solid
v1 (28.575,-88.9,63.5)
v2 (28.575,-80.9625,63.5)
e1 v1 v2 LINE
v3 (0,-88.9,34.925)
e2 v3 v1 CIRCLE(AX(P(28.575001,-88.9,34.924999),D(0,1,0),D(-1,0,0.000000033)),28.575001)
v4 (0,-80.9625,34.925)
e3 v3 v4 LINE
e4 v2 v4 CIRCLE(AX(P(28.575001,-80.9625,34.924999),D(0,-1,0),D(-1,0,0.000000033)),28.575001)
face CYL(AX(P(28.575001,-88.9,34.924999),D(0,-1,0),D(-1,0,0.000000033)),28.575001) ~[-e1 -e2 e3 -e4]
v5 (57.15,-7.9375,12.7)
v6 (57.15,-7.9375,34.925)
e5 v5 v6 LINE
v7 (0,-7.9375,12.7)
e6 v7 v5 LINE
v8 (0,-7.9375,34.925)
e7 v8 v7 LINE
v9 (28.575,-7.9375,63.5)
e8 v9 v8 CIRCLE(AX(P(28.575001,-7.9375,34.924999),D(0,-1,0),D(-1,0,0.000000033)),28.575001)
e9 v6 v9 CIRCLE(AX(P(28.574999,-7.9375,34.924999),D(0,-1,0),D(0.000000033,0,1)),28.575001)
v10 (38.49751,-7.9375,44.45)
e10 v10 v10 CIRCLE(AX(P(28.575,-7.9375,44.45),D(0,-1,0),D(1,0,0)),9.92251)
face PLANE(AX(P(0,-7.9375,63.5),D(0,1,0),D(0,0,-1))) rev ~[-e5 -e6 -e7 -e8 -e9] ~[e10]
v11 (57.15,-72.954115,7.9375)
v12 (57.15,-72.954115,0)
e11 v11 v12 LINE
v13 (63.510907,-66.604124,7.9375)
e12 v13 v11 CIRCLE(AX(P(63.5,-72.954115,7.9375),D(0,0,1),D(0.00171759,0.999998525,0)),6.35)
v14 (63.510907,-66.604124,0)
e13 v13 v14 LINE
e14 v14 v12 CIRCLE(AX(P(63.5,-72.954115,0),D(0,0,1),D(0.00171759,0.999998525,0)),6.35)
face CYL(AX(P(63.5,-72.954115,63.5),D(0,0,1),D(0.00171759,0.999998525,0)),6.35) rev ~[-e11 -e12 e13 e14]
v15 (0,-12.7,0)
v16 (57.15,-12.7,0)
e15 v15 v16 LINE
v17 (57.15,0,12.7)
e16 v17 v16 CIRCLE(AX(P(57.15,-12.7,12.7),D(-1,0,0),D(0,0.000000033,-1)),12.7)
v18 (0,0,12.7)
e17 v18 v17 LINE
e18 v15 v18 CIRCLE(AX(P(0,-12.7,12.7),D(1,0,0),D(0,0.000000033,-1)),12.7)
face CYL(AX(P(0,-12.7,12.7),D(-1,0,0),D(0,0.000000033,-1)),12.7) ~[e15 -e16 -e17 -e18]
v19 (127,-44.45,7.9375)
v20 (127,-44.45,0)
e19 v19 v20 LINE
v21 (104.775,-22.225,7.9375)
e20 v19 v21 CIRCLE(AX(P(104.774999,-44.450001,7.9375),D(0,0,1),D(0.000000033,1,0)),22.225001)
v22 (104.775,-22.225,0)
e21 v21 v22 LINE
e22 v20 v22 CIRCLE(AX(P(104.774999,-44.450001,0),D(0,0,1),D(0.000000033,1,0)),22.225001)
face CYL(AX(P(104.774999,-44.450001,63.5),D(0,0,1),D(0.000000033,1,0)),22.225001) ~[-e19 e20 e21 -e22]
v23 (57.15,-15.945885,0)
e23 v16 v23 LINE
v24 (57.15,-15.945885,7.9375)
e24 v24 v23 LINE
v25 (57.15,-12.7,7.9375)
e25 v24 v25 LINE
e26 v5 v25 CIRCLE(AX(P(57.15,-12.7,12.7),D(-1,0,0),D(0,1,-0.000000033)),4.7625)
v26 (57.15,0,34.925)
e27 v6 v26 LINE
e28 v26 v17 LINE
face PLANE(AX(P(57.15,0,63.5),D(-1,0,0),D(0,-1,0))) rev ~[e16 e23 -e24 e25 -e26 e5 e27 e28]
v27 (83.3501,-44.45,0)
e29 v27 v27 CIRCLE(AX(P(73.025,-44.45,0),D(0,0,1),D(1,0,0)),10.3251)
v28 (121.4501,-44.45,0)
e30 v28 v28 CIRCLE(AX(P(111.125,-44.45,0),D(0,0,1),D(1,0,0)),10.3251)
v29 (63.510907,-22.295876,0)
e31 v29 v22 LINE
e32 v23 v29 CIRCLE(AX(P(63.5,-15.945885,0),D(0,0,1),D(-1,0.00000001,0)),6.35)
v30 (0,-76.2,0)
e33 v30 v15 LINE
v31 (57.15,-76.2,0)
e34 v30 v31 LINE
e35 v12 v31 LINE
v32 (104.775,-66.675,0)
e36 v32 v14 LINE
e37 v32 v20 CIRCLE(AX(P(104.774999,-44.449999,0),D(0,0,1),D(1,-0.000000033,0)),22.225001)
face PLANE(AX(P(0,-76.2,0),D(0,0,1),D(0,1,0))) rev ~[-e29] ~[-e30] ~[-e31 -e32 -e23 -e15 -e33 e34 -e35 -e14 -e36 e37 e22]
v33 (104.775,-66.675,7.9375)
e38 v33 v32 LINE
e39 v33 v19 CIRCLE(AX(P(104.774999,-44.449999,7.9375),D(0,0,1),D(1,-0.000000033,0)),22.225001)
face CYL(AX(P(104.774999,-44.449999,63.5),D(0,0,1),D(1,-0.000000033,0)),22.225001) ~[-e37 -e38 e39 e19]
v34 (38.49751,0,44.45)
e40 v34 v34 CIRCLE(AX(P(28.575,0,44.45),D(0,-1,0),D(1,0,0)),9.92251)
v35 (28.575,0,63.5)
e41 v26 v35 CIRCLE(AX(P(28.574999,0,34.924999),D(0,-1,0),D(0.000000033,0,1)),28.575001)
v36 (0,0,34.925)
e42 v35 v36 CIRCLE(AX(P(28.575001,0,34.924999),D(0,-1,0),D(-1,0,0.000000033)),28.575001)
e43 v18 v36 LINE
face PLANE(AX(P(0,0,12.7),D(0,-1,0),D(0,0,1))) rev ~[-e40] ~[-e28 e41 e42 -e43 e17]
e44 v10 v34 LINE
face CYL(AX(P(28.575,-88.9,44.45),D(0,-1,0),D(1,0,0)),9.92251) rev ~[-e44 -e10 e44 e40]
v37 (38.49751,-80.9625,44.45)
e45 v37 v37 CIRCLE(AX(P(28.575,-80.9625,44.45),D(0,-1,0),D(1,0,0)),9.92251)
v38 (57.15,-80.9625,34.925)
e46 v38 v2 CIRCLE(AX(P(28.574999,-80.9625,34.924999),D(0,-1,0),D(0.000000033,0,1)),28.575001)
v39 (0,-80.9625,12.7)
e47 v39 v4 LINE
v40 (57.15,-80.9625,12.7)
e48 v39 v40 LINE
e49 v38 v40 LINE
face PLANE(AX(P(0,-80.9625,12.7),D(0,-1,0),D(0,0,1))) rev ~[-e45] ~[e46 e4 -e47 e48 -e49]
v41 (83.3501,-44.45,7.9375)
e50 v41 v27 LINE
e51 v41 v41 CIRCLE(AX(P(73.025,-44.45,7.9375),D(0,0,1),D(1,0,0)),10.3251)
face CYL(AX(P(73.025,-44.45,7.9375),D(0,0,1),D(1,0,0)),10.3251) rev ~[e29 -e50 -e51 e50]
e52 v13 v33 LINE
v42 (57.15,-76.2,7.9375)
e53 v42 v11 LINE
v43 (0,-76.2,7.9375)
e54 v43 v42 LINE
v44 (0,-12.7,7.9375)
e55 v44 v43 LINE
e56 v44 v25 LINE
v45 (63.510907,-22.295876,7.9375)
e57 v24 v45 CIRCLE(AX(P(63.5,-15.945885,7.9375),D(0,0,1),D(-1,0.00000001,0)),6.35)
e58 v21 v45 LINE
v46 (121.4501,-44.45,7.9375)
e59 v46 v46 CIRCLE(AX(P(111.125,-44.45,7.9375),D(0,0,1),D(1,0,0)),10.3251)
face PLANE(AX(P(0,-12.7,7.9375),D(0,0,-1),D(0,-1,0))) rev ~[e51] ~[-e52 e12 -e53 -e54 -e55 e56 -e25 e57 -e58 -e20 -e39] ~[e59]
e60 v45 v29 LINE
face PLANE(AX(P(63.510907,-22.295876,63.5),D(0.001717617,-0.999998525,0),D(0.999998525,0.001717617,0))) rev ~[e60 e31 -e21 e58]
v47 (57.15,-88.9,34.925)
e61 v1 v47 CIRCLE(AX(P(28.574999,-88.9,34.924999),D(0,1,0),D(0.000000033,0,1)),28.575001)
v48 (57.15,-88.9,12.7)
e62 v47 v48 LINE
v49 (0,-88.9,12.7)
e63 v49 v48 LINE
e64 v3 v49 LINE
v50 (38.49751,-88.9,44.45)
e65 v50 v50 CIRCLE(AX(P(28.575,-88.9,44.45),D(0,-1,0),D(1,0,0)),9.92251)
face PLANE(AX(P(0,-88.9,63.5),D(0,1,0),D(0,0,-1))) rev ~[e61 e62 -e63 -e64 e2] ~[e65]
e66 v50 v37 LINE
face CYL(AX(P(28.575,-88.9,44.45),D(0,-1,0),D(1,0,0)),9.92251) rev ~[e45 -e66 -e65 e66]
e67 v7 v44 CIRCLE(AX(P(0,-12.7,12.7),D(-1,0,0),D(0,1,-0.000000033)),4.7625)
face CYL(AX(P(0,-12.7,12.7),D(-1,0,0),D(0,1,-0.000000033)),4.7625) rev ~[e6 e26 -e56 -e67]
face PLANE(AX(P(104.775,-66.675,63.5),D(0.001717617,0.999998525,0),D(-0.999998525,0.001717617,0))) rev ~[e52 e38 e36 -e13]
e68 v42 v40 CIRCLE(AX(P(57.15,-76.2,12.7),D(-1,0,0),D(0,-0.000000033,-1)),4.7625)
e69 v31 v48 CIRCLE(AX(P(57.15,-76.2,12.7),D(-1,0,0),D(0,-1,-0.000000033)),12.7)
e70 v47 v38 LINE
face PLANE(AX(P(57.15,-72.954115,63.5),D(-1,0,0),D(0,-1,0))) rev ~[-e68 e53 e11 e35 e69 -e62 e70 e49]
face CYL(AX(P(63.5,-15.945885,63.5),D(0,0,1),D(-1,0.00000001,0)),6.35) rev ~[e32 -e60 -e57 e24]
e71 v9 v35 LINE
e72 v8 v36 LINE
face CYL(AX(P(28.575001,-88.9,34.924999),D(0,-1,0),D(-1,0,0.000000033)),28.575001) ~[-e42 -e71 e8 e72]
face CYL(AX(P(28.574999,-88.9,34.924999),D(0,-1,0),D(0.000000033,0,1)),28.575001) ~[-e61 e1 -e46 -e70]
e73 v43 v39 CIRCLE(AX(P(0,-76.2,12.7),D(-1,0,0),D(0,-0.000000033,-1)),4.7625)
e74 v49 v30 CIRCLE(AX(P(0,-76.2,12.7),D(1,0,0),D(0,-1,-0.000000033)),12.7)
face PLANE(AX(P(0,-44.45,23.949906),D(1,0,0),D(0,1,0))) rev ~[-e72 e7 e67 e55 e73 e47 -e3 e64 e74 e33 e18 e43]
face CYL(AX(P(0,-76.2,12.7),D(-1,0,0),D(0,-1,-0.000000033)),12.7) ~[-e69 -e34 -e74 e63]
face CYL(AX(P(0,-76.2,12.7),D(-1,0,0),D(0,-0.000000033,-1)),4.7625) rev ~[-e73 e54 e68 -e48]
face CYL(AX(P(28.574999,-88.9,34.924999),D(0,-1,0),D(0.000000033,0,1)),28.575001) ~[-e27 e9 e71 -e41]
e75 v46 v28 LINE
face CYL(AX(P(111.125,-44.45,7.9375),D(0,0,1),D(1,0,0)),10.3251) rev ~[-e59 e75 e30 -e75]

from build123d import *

# Parameters (mm, degrees)
F1_DEPTH = 127
F3_DEPTH = 88.901
F5_DEPTH = 63.501
F6_R     = 9.92251
F7_DEPTH = 88.901
F8_R     = 10.3251
F9_DEPTH = 25.4


with BuildPart() as f1:
    # F0 (on Right) → F1 (new body)
    with BuildSketch(Plane.YZ):
        with BuildLine():
            Line((-76.2, 0), (-12.7, 0))
            ThreePointArc((-12.7, 0), (-3.719744, 3.719744), (0, 12.7))
            Line((0, 12.7), (0, 63.5))
            Line((0, 63.5), (-7.9375, 63.5))
            Line((-7.9375, 63.5), (-7.9375, 12.7))
            ThreePointArc((-7.9375, 12.7), (-9.332404, 9.332404), (-12.7, 7.9375))
            Line((-12.7, 7.9375), (-76.2, 7.9375))
            ThreePointArc((-76.2, 7.9375), (-79.567596, 9.332404), (-80.9625, 12.7))
            Line((-80.9625, 12.7), (-80.9625, 63.5))
            Line((-80.9625, 63.5), (-88.9, 63.5))
            Line((-88.9, 63.5), (-88.9, 12.7))
            ThreePointArc((-88.9, 12.7), (-85.180256, 3.719744), (-76.2, 0))
        make_face()
    extrude(amount=F1_DEPTH)

    # F2 (on face) → F3 (cut, through all)
    with BuildSketch(Plane.XZ.offset(88.9)):
        with BuildLine():
            Line((0, 63.5), (0, 34.925))
            ThreePointArc((0, 34.925), (8.369424, 55.130576), (28.575, 63.5))
            Line((28.575, 63.5), (0, 63.5))
        make_face()
        with BuildLine():
            ThreePointArc((28.575, 63.5), (48.780576, 55.130576), (57.15, 34.925))
            Line((57.15, 34.925), (57.15, 63.5))
            Line((57.15, 63.5), (28.575, 63.5))
        make_face()
    extrude(amount=-F3_DEPTH, mode=Mode.SUBTRACT)

    # F4 (on face) → F5 (cut, through all)
    with BuildSketch(Plane.XY.offset(63.5)):
        with BuildLine():
            Line((127, 0), (57.15, 0))
            Line((57.15, 0), (57.15, -15.945885))
            ThreePointArc((57.15, -15.945885), (59.01373, -20.439868), (63.510907, -22.295876))
            Line((63.510907, -22.295876), (104.775, -22.225))
            ThreePointArc((104.775, -22.225), (120.490448, -28.734552), (127, -44.45))
            Line((127, -44.45), (127, 0))
        make_face()
        with BuildLine():
            Line((127, -88.9), (127, -44.45))
            ThreePointArc((127, -44.45), (120.490448, -60.165448), (104.775, -66.675))
            Line((104.775, -66.675), (63.510907, -66.604124))
            ThreePointArc((63.510907, -66.604124), (59.01373, -68.460132), (57.15, -72.954115))
            Line((57.15, -72.954115), (57.15, -88.9))
            Line((57.15, -88.9), (127, -88.9))
        make_face()
    extrude(amount=-F5_DEPTH, mode=Mode.SUBTRACT)

    # F6 (on face) → F7 (cut, through all)
    with BuildSketch(Plane.XZ.offset(88.9)):
        with Locations((28.575, 44.45)):
            Circle(F6_R)
    extrude(amount=-F7_DEPTH, mode=Mode.SUBTRACT)

    # F8 (on face) → F9 (cut)
    with BuildSketch(Plane.XY.offset(7.9375)):
        with Locations((73.025, -44.45)):
            Circle(F8_R)
        with Locations((111.125, -44.45)):
            Circle(F8_R)
    extrude(amount=-F9_DEPTH, mode=Mode.SUBTRACT)


solid = f1.part
